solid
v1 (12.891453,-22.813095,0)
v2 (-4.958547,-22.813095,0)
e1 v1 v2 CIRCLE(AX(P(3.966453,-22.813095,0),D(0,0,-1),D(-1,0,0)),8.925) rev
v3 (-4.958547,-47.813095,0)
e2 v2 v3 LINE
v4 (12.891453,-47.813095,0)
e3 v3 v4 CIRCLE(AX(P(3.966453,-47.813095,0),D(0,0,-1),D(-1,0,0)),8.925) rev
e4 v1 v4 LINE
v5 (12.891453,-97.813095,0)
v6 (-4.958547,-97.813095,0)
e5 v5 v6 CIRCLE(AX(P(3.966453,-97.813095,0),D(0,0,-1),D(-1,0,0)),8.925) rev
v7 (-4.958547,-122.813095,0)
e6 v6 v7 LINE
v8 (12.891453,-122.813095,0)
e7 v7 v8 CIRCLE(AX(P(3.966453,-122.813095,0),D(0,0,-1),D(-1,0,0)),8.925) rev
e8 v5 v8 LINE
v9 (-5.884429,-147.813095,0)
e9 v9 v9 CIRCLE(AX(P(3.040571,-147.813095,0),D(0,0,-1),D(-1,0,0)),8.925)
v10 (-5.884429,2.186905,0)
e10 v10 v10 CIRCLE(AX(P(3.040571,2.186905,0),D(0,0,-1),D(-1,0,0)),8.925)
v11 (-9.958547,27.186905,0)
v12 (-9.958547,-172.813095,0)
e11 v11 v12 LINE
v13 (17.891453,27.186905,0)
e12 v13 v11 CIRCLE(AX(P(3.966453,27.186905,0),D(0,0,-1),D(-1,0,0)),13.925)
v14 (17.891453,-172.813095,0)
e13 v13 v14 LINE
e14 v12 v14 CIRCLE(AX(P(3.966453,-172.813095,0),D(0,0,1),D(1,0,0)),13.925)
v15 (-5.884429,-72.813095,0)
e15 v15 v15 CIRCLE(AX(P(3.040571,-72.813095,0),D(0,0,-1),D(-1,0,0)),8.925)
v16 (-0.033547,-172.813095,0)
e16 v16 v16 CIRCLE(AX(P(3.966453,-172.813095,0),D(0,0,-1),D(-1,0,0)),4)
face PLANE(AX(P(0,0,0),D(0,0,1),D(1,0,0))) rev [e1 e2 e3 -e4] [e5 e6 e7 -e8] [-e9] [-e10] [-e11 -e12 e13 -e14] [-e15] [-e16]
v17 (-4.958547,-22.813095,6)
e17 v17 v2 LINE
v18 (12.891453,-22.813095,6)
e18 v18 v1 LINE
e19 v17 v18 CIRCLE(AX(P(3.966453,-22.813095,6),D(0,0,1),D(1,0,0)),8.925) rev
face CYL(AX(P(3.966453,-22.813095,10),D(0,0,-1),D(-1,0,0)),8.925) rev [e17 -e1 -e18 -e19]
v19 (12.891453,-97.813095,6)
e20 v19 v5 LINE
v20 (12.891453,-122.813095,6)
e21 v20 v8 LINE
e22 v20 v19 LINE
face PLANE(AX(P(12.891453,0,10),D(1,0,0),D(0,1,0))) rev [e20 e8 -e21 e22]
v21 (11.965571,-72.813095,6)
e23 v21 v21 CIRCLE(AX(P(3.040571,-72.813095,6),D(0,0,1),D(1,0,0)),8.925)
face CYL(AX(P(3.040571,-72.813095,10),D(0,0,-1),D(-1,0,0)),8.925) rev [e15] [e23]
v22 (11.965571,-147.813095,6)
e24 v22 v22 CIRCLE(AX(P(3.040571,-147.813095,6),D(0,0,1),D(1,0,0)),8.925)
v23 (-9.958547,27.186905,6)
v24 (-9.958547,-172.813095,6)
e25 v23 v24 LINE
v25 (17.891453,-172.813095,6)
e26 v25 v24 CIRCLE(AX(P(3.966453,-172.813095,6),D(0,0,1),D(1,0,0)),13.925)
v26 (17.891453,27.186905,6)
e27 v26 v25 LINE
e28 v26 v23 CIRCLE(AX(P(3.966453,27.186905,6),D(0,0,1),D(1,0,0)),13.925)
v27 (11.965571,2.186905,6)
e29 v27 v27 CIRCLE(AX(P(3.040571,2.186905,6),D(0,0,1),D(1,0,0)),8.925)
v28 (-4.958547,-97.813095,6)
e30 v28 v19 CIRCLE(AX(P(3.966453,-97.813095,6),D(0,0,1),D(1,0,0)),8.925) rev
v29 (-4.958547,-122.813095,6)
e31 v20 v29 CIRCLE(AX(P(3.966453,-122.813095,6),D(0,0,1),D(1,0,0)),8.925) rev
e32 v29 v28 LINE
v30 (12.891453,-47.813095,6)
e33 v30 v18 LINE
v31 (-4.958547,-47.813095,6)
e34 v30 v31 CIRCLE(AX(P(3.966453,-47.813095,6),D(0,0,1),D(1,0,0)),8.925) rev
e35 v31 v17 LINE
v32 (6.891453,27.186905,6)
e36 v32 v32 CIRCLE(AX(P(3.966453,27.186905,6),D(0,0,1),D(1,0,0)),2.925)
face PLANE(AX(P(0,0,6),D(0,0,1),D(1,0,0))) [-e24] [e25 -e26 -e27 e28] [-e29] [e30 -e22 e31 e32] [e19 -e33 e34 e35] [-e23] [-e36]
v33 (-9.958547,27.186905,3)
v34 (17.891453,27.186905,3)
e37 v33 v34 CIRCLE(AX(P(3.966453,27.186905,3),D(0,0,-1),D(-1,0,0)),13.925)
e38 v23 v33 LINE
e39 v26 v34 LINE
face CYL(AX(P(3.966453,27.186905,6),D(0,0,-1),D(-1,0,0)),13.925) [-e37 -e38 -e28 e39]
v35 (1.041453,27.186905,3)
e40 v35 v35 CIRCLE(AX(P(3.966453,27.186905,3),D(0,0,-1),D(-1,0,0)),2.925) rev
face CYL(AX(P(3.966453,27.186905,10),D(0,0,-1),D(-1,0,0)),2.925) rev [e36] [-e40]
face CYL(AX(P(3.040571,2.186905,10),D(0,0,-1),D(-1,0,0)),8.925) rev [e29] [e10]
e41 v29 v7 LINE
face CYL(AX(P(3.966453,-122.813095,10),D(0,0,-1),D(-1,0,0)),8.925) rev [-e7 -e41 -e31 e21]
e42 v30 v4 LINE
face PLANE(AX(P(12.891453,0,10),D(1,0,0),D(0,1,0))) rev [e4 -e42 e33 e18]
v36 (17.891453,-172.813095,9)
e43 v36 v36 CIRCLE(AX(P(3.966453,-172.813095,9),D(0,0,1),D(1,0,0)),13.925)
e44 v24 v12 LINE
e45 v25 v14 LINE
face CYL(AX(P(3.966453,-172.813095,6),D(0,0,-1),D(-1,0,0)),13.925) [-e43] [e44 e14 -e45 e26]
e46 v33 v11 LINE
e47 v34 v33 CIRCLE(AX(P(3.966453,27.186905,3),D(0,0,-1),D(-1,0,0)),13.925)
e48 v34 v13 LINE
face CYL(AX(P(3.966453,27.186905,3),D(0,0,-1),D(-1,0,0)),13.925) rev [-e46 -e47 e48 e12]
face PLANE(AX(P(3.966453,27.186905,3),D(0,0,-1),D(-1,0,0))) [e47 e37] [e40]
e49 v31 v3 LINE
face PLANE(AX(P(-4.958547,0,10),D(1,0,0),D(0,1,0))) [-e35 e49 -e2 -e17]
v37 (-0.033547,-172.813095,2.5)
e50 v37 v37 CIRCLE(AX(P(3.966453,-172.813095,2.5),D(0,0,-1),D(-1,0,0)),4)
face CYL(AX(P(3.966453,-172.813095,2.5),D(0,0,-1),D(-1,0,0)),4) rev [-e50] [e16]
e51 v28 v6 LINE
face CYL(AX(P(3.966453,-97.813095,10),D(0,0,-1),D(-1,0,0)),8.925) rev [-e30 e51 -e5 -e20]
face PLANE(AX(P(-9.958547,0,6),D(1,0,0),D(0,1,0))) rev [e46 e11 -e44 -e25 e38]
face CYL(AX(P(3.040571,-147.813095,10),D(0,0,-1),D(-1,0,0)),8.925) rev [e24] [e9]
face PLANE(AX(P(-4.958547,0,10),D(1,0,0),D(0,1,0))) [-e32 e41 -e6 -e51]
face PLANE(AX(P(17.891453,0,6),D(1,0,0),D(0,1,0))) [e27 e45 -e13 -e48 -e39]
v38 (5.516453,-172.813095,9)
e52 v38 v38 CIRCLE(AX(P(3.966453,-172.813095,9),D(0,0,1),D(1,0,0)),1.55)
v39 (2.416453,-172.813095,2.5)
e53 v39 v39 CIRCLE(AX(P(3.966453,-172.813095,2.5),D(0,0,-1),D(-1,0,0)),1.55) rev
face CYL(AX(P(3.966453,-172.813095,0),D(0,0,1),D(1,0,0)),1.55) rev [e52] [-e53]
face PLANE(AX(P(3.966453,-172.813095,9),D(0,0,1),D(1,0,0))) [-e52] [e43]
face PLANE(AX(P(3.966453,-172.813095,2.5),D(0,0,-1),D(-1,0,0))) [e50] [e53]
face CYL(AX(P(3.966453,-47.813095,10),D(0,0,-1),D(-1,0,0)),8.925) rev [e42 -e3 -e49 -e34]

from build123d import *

# Parameters (mm, degrees)
ESQUISSE1_W             = 27.85
ESQUISSE1_H             = 200
BOSS_EXTRU_1_DEPTH      = 6
ENL_V_START             = -3
ESQUISSE2_R             = 13.925
ENL_V_MAT_EXTRU_1_DEPTH = 3
ESQUISSE3_R             = 1.55
ENL_V_MAT_EXTRU_2_DEPTH = 3
ESQUISSE6_R             = 8.925
ESQUISSE6_W             = 17.85
ESQUISSE6_H             = 25
ENL_V_MAT_EXTRU_4_DEPTH = 10
ESQUISSE7_R             = 2.925
ENL_V_MAT_EXTRU_5_DEPTH = 10
ESQUISSE4_R             = 13.925
ENL_V_MAT_EXTRU_6_DEPTH = 3
ESQUISSE8_R             = 13.925
ESQUISSE8_R_2           = 1.55
BOSS_EXTRU_2_DEPTH      = 6
ESQUISSE9_R             = 4
ENL_V_MAT_EXTRU_7_DEPTH = 2.5


with BuildPart() as part:
    # Esquisse1 → Boss.-Extru.1 (new body)
    with BuildSketch(Plane.XY):
        with Locations((3.966452722, -72.813095238)):
            Rectangle(ESQUISSE1_W, ESQUISSE1_H)
        with BuildLine():
            Line((-9.958547278, -172.813095238), (17.891452722, -172.813095238))
            ThreePointArc((17.891452722, -172.813095238), (3.966452722, -186.738095238), (-9.958547278, -172.813095238))
        make_face()
        with BuildLine():
            Line((-9.958547278, 27.186904762), (17.891452722, 27.186904762))
            ThreePointArc((17.891452722, 27.186904762), (3.966452722, 41.111904762), (-9.958547278, 27.186904762))
        make_face()
    extrude(amount=BOSS_EXTRU_1_DEPTH)

    # Esquisse2 → Enlèv. mat.-Extru.1 (cut)
    with BuildSketch(Plane.XY.offset(6).offset(ENL_V_START)):
        with Locations((3.966452722, -172.813095238)):
            Circle(ESQUISSE2_R)
    extrude(amount=ENL_V_MAT_EXTRU_1_DEPTH, mode=Mode.SUBTRACT)

    # Esquisse3 → Enlèv. mat.-Extru.2 (cut)
    with BuildSketch(Plane.XY.offset(3)):
        with Locations((3.966452722, -172.813095238)):
            Circle(ESQUISSE3_R)
    extrude(amount=-ENL_V_MAT_EXTRU_2_DEPTH, mode=Mode.SUBTRACT)

    # Esquisse6 → Enlèv. mat.-Extru.4 (cut)
    with BuildSketch(Plane(origin=(0, 0, 0), x_dir=(-1, 0, 0), z_dir=(0, 0, -1))):
        with Locations((-3.040571359, 2.186904762)):
            Circle(ESQUISSE6_R)
        with BuildLine():
            ThreePointArc((-12.891452722, -22.813095238), (-3.966452722, -13.888095238), (4.958547278, -22.813095238))
            Line((4.958547278, -22.813095238), (-12.891452722, -22.813095238))
        make_face()
        with Locations((-3.966452722, -35.313095238)):
            Rectangle(ESQUISSE6_W, ESQUISSE6_H)
        with BuildLine():
            ThreePointArc((4.958547278, -47.813095238), (-3.966452722, -56.738095238), (-12.891452722, -47.813095238))
            Line((-12.891452722, -47.813095238), (4.958547278, -47.813095238))
        make_face()
        with Locations((-3.040571359, -72.813095238)):
            Circle(ESQUISSE6_R)
        with Locations((-3.966452722, -110.313095238)):
            Rectangle(ESQUISSE6_W, ESQUISSE6_H)
        with BuildLine():
            ThreePointArc((-12.891452722, -97.813095238), (-3.966452722, -88.888095238), (4.958547278, -97.813095238))
            Line((4.958547278, -97.813095238), (-12.891452722, -97.813095238))
        make_face()
        with BuildLine():
            ThreePointArc((4.958547278, -122.813095238), (-3.966452722, -131.738095238), (-12.891452722, -122.813095238))
            Line((-12.891452722, -122.813095238), (4.958547278, -122.813095238))
        make_face()
        with Locations((-3.040571359, -147.813095238)):
            Circle(ESQUISSE6_R)
    extrude(amount=-ENL_V_MAT_EXTRU_4_DEPTH, mode=Mode.SUBTRACT)

    # Esquisse7 → Enlèv. mat.-Extru.5 (cut)
    with BuildSketch(Plane(origin=(0, 0, 0), x_dir=(-1, 0, 0), z_dir=(0, 0, -1))):
        with Locations((-3.966452722, 27.186904762)):
            Circle(ESQUISSE7_R)
    extrude(amount=-ENL_V_MAT_EXTRU_5_DEPTH, mode=Mode.SUBTRACT)

    # Esquisse4 → Enlèv. mat.-Extru.6 (cut)
    with BuildSketch(Plane(origin=(0, 0, 0), x_dir=(-1, 0, 0), z_dir=(0, 0, -1))):
        with Locations((-3.966452722, 27.186904762)):
            Circle(ESQUISSE4_R)
    extrude(amount=-ENL_V_MAT_EXTRU_6_DEPTH, mode=Mode.SUBTRACT)

    # Esquisse8 → Boss.-Extru.2 (add)
    with BuildSketch(Plane.XY.offset(3)):
        with Locations((3.966452722, -172.813095238)):
            Circle(ESQUISSE8_R)
        with Locations((3.966452722, -172.813095238)):
            Circle(ESQUISSE8_R_2, mode=Mode.SUBTRACT)
    extrude(amount=BOSS_EXTRU_2_DEPTH)

    # Esquisse9 → Enlèv. mat.-Extru.7 (cut)
    with BuildSketch(Plane(origin=(0, 0, 0), x_dir=(-1, 0, 0), z_dir=(0, 0, -1))):
        with Locations((-3.966452722, -172.813095238)):
            Circle(ESQUISSE9_R)
    extrude(amount=-ENL_V_MAT_EXTRU_7_DEPTH, mode=Mode.SUBTRACT)


solid = part.part
